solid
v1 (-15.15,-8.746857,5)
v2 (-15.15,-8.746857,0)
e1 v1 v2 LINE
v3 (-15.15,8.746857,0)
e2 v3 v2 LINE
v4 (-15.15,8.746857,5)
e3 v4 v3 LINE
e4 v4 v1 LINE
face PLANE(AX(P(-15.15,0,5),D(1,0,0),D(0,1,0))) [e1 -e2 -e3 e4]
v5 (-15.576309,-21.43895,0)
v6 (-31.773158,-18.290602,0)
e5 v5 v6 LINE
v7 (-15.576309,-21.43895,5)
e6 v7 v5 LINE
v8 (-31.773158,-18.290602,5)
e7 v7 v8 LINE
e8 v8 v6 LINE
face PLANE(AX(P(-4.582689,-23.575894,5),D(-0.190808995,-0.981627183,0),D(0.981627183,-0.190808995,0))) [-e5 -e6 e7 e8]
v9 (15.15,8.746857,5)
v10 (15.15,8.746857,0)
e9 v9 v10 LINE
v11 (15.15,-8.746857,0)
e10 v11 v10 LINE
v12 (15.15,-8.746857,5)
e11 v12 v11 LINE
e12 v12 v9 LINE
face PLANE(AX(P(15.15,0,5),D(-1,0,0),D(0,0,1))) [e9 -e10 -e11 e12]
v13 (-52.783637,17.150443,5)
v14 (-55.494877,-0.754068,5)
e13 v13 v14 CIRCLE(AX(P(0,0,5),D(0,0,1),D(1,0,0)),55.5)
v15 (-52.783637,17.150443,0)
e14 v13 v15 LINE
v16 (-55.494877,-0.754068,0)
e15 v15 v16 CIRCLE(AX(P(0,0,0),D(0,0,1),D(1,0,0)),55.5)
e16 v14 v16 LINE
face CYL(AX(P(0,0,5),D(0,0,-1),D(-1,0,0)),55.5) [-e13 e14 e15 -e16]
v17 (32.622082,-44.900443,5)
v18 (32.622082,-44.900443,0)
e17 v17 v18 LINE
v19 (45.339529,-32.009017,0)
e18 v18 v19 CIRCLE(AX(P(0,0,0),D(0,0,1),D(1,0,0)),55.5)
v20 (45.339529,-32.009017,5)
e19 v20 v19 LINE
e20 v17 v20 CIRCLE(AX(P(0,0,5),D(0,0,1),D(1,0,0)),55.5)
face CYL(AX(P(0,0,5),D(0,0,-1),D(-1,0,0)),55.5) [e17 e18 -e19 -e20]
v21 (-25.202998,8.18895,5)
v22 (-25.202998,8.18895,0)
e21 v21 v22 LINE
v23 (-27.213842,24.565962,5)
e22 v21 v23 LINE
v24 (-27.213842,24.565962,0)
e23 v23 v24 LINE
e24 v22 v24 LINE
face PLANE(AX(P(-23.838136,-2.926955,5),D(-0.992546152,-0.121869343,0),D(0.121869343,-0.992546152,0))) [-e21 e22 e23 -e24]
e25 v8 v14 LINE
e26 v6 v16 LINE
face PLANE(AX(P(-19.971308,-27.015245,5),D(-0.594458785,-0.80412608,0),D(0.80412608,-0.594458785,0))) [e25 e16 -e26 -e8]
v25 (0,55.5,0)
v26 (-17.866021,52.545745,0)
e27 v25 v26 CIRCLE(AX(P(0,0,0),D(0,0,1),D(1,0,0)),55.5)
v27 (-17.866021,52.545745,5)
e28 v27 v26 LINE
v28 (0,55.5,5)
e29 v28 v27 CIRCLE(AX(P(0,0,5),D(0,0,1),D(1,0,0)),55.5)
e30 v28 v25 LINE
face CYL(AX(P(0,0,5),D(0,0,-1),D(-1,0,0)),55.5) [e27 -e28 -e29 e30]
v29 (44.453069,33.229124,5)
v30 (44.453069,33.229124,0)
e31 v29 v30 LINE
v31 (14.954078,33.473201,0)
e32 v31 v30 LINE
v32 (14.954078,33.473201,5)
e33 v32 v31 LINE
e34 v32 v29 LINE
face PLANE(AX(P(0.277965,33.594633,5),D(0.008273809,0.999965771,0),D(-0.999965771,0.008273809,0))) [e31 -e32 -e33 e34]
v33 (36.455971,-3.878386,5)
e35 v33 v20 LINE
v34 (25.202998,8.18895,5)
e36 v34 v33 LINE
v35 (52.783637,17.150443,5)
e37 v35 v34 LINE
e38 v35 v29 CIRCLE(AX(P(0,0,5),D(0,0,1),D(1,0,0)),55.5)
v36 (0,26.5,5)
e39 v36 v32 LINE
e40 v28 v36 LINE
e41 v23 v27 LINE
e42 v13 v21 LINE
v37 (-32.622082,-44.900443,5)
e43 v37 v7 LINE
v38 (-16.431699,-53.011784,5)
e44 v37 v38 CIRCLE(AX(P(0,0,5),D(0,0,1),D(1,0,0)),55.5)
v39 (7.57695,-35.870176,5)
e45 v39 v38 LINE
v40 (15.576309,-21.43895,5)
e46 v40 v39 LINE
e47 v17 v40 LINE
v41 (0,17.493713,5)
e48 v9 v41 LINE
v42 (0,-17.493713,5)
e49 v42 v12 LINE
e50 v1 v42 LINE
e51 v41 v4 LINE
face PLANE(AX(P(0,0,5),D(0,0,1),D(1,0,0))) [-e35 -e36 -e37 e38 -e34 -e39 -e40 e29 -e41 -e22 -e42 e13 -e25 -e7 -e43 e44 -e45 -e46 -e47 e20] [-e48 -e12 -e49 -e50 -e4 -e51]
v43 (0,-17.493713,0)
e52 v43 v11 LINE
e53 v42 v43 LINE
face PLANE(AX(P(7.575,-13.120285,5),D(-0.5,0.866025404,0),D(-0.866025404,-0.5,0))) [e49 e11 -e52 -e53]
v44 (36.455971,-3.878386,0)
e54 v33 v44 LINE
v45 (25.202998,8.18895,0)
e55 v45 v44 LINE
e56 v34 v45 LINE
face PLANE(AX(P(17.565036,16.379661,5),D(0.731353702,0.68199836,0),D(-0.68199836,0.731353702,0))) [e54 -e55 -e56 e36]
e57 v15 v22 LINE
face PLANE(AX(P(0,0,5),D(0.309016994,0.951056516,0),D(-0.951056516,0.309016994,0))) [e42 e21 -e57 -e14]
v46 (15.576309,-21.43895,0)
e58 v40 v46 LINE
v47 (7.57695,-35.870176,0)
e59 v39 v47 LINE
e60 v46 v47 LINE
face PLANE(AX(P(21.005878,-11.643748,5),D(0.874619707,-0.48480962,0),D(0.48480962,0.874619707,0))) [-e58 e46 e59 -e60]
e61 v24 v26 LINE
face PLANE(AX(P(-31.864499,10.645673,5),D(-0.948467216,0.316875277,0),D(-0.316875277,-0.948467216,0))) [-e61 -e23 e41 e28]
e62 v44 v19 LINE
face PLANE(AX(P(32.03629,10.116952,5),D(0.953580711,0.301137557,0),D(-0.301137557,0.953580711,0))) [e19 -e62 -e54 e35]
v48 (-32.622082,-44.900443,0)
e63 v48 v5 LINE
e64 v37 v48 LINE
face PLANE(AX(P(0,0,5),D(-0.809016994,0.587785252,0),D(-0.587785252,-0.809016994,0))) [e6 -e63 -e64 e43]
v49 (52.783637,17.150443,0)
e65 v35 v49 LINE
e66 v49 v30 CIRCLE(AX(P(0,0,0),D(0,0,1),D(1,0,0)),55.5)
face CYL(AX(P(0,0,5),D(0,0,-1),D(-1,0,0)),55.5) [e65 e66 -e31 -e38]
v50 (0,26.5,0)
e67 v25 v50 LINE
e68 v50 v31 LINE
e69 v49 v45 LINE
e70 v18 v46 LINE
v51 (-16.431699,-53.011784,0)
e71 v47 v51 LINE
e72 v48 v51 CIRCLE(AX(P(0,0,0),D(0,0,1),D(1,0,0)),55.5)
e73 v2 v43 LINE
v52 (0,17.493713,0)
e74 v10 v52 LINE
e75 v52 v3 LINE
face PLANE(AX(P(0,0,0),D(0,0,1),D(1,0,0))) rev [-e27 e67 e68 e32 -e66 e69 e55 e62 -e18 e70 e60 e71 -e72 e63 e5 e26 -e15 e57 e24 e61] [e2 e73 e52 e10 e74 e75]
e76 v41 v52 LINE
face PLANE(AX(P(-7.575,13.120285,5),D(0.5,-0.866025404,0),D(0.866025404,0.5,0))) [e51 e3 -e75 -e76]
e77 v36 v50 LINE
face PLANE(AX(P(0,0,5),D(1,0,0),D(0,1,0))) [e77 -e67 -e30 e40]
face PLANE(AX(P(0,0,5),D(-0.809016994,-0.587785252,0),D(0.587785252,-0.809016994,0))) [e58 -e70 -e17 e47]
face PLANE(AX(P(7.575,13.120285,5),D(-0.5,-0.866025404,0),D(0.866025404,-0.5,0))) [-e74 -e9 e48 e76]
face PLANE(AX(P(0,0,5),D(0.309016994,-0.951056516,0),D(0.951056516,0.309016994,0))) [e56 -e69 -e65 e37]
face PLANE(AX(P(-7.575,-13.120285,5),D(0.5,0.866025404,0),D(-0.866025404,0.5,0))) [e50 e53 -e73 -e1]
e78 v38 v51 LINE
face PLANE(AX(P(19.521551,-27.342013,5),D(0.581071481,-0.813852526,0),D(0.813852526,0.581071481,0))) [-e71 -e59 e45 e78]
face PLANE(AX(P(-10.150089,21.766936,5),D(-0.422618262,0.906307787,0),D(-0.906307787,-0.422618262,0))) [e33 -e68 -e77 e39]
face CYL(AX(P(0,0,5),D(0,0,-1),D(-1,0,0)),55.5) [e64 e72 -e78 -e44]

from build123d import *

# Parameters (mm, degrees)
RESSALTO_EXTRUS_O1_DEPTH = 5


with BuildPart() as part:
    # Esboço1 → Ressalto-extrusão1 (new body)
    with BuildSketch(Plane.XY):
        with BuildLine():
            Line((0, 26.5), (0, 55.5))
            ThreePointArc((0, 55.5), (-9.054313021, 54.756455471), (-17.86602118, 52.545744711))
            Line((-17.86602118, 52.545744711), (-27.213841848, 24.565961853))
            Line((-27.213841848, 24.565961853), (-25.202997682, 8.188950351))
            Line((-25.202997682, 8.188950351), (-52.783636654, 17.150443188))
            ThreePointArc((-52.783636654, 17.150443188), (-54.874420381, 8.309511893), (-55.494877077, -0.754067766))
            Line((-55.494877077, -0.754067766), (-31.773157713, -18.290601927))
            Line((-31.773157713, -18.290601927), (-15.576309186, -21.438950351))
            Line((-15.576309186, -21.438950351), (-32.622081502, -44.900443188))
            ThreePointArc((-32.622081502, -44.900443188), (-24.859943887, -49.620894691), (-16.431699055, -53.01178422))
            Line((-16.431699055, -53.01178422), (7.576950452, -35.870175519))
            Line((7.576950452, -35.870175519), (15.576309186, -21.438950351))
            Line((15.576309186, -21.438950351), (32.622081502, -44.900443188))
            ThreePointArc((32.622081502, -44.900443188), (39.5101301, -38.976911364), (45.339528568, -32.009016686))
            Line((45.339528568, -32.009016686), (36.455970623, -3.878385726))
            Line((36.455970623, -3.878385726), (25.202997682, 8.188950351))
            Line((25.202997682, 8.188950351), (52.783636654, 17.150443188))
            ThreePointArc((52.783636654, 17.150443188), (49.278547189, 25.531838691), (44.453068744, 33.229123961))
            Line((44.453068744, 33.229123961), (14.954078486, 33.473201319))
            Line((14.954078486, 33.473201319), (0, 26.5))
        make_face()
        Polygon((-15.15, 8.746856578), (0, 17.493713156), (15.15, 8.746856578), (15.15, -8.746856578), (0, -17.493713156), (-15.15, -8.746856578), align=None, mode=Mode.SUBTRACT)
    extrude(amount=RESSALTO_EXTRUS_O1_DEPTH)


solid = part.part
